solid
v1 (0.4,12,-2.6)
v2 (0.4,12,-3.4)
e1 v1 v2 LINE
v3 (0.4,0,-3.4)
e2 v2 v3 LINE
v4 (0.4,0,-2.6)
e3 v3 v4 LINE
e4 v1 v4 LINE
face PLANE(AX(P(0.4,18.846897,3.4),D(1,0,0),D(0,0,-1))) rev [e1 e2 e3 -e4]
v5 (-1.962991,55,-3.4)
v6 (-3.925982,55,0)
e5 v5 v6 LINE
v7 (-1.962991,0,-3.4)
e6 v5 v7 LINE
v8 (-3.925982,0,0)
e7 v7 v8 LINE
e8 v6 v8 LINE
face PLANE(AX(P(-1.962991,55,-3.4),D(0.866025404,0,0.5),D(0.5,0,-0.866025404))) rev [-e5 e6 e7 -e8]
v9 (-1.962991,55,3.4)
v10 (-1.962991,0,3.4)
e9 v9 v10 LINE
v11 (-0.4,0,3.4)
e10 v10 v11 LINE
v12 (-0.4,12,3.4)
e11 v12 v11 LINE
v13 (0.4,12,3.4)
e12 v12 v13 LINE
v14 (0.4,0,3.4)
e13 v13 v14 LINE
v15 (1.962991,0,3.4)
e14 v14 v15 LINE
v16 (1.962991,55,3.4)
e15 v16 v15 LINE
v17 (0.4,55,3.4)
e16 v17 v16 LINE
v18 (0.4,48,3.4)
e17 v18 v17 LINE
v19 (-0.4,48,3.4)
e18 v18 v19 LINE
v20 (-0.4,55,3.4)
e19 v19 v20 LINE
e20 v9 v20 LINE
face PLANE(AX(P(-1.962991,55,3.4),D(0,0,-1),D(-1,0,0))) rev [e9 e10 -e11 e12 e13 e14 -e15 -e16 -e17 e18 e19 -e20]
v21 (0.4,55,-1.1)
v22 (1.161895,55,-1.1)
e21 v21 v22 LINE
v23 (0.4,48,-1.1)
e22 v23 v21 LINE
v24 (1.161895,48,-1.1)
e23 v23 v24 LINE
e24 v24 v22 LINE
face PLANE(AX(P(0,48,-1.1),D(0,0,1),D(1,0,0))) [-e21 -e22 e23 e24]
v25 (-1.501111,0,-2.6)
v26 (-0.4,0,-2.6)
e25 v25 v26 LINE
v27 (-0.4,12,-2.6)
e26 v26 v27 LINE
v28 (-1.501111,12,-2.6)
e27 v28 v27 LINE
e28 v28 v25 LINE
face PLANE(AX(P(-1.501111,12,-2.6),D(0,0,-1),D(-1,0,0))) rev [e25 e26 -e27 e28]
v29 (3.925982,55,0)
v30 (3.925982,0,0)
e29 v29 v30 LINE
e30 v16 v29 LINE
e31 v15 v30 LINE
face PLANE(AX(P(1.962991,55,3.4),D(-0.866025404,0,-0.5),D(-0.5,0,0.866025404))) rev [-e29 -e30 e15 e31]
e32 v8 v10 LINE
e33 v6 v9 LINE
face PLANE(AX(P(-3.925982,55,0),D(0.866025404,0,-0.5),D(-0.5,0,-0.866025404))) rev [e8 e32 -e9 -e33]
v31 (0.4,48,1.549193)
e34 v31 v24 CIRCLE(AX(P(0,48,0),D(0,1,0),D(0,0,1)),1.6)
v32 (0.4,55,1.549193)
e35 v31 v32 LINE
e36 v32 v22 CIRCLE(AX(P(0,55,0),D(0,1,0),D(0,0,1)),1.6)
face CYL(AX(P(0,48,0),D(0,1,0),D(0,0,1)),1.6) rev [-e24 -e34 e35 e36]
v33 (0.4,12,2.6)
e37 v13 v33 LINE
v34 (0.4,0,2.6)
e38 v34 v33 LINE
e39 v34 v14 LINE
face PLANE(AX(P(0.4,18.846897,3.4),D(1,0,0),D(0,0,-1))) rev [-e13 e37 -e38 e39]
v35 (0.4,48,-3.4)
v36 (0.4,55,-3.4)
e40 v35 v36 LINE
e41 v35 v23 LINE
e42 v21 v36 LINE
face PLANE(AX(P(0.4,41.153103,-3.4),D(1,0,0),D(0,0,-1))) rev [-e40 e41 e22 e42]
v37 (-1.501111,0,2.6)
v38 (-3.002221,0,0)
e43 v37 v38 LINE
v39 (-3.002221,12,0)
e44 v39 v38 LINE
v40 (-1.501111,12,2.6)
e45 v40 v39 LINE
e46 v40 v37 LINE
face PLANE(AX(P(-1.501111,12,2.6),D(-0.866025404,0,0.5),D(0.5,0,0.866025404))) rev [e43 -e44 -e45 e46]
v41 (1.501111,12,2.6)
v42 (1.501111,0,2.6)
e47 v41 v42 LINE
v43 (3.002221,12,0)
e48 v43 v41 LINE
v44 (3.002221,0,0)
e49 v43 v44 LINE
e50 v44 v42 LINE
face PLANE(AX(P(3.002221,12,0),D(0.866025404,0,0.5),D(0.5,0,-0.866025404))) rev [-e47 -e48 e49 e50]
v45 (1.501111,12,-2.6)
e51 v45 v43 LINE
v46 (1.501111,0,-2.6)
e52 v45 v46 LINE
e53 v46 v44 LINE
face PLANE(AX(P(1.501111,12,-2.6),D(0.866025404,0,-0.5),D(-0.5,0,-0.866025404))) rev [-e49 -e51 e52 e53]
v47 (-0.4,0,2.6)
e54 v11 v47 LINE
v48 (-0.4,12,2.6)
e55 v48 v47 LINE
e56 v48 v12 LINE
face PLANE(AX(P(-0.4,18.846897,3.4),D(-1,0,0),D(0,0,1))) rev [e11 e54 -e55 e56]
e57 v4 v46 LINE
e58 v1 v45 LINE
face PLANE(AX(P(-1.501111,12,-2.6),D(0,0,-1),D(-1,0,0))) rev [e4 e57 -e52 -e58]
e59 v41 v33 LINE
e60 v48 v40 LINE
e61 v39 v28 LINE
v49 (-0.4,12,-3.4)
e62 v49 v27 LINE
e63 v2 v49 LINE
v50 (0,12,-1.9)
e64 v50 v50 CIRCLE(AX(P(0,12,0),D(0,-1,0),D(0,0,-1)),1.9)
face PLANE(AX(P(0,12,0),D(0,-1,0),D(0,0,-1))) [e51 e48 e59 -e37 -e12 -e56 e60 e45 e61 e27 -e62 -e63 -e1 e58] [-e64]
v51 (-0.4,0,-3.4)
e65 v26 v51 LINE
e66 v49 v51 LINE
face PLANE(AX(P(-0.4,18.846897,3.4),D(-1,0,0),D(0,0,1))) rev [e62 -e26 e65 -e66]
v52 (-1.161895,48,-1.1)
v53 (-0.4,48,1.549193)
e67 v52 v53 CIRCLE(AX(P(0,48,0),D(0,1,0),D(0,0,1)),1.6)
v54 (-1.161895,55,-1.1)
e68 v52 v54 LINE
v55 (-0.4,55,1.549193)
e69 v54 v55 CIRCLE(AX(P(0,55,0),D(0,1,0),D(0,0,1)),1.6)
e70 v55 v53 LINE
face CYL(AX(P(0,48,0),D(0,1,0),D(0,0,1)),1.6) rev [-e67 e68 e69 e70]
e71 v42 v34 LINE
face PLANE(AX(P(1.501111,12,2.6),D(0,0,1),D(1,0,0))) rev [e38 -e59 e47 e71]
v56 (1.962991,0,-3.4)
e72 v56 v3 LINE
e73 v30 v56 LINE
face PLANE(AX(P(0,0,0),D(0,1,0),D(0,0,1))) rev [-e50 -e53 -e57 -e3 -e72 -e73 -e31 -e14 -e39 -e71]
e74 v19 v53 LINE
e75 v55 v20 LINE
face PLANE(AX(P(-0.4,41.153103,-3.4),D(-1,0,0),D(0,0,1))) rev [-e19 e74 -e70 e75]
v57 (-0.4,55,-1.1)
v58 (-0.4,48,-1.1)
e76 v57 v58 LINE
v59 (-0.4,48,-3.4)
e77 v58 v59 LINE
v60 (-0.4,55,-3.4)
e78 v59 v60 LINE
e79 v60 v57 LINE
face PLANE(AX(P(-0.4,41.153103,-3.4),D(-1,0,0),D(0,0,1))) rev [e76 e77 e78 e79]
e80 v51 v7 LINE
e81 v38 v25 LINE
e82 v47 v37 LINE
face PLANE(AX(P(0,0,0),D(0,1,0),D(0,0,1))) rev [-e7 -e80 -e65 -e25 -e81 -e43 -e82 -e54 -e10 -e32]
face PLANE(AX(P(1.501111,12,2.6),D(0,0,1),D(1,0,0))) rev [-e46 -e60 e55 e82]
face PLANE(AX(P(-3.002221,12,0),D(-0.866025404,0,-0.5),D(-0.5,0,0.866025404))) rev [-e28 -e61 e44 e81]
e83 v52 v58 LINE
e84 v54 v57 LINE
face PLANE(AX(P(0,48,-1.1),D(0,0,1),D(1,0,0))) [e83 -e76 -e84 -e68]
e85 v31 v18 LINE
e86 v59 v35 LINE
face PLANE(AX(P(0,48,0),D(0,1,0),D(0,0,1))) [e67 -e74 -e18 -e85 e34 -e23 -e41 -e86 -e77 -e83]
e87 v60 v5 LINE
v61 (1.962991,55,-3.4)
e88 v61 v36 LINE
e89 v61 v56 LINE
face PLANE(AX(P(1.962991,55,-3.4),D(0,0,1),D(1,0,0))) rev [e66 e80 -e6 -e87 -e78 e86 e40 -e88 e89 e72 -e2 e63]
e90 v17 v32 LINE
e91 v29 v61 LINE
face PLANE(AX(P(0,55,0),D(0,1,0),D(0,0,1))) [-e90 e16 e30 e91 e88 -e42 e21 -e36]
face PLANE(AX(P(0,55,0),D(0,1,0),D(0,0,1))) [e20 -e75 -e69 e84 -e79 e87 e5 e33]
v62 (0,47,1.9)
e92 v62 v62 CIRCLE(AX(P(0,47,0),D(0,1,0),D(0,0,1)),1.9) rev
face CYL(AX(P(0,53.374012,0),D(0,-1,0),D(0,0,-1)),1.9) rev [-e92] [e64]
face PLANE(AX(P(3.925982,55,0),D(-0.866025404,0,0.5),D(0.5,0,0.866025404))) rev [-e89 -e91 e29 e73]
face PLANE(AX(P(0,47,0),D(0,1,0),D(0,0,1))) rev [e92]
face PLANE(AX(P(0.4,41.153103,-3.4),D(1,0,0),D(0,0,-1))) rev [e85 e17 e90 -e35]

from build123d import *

# Parameters (mm, degrees)
EXTRUDE_1_DEPTH     = 55
CUT_EXTRUDE_1_DEPTH = 7
CUT_EXTRUDE_2_DEPTH = 12
SKETCH_5_R          = 1.9
CUT_EXTRUDE_3_DEPTH = 35
SKETCH_6_W          = 0.8
SKETCH_6_H          = 6.8
CUT_EXTRUDE_4_DEPTH = 7
SKETCH_7_W          = 0.8
SKETCH_7_H          = 6.8
CUT_EXTRUDE_5_DEPTH = 12


with BuildPart() as part:
    # 草图2 → 凸台-拉伸1 (new body)
    with BuildSketch(Plane(origin=(0, 0, 0), x_dir=(1, 0, 0), z_dir=(0, 1, 0))):
        Polygon((3.92598183, 0), (1.962990915, 3.4), (-1.962990915, 3.4), (-3.92598183, 0), (-1.962990915, -3.4), (1.962990915, -3.4), align=None)
    extrude(amount=EXTRUDE_1_DEPTH)

    # 草图3 → 切除-拉伸1 (cut)
    with BuildSketch(Plane(origin=(0, 55, 0), x_dir=(1, 0, 0), z_dir=(0, 1, 0))):
        with BuildLine():
            Line((1.161895004, 1.1), (-1.161895004, 1.1))
            ThreePointArc((-1.161895004, 1.1), (-0.592016889, -1.48644408), (1.6, 0))
            ThreePointArc((1.6, 0), (1.48644408, 0.592016889), (1.161895004, 1.1))
        make_face()
    extrude(amount=-CUT_EXTRUDE_1_DEPTH, mode=Mode.SUBTRACT)

    # 草图4 → 切除-拉伸2 (cut)
    with BuildSketch(Plane.XZ):
        Polygon((-1.5011107, -2.6), (1.5011107, -2.6), (3.0022214, 0), (1.5011107, 2.6), (-1.5011107, 2.6), (-3.0022214, 0), align=None)
    extrude(amount=-CUT_EXTRUDE_2_DEPTH, mode=Mode.SUBTRACT)

    # 草图5 → 切除-拉伸3 (cut)
    with BuildSketch(Plane.XZ.offset(-12)):
        with Locations(Location((0, 0, 0), (0, 0, 270))):
            Circle(SKETCH_5_R)
    extrude(amount=-CUT_EXTRUDE_3_DEPTH, mode=Mode.SUBTRACT)

    # 草图6 → 切除-拉伸4 (cut)
    with BuildSketch(Plane(origin=(0, 55, 0), x_dir=(1, 0, 0), z_dir=(0, 1, 0))):
        Rectangle(SKETCH_6_W, SKETCH_6_H)
    extrude(amount=-CUT_EXTRUDE_4_DEPTH, mode=Mode.SUBTRACT)

    # 草图7 → 切除-拉伸5 (cut)
    with BuildSketch(Plane.XZ):
        Rectangle(SKETCH_7_W, SKETCH_7_H)
    extrude(amount=-CUT_EXTRUDE_5_DEPTH, mode=Mode.SUBTRACT)


solid = part.part
